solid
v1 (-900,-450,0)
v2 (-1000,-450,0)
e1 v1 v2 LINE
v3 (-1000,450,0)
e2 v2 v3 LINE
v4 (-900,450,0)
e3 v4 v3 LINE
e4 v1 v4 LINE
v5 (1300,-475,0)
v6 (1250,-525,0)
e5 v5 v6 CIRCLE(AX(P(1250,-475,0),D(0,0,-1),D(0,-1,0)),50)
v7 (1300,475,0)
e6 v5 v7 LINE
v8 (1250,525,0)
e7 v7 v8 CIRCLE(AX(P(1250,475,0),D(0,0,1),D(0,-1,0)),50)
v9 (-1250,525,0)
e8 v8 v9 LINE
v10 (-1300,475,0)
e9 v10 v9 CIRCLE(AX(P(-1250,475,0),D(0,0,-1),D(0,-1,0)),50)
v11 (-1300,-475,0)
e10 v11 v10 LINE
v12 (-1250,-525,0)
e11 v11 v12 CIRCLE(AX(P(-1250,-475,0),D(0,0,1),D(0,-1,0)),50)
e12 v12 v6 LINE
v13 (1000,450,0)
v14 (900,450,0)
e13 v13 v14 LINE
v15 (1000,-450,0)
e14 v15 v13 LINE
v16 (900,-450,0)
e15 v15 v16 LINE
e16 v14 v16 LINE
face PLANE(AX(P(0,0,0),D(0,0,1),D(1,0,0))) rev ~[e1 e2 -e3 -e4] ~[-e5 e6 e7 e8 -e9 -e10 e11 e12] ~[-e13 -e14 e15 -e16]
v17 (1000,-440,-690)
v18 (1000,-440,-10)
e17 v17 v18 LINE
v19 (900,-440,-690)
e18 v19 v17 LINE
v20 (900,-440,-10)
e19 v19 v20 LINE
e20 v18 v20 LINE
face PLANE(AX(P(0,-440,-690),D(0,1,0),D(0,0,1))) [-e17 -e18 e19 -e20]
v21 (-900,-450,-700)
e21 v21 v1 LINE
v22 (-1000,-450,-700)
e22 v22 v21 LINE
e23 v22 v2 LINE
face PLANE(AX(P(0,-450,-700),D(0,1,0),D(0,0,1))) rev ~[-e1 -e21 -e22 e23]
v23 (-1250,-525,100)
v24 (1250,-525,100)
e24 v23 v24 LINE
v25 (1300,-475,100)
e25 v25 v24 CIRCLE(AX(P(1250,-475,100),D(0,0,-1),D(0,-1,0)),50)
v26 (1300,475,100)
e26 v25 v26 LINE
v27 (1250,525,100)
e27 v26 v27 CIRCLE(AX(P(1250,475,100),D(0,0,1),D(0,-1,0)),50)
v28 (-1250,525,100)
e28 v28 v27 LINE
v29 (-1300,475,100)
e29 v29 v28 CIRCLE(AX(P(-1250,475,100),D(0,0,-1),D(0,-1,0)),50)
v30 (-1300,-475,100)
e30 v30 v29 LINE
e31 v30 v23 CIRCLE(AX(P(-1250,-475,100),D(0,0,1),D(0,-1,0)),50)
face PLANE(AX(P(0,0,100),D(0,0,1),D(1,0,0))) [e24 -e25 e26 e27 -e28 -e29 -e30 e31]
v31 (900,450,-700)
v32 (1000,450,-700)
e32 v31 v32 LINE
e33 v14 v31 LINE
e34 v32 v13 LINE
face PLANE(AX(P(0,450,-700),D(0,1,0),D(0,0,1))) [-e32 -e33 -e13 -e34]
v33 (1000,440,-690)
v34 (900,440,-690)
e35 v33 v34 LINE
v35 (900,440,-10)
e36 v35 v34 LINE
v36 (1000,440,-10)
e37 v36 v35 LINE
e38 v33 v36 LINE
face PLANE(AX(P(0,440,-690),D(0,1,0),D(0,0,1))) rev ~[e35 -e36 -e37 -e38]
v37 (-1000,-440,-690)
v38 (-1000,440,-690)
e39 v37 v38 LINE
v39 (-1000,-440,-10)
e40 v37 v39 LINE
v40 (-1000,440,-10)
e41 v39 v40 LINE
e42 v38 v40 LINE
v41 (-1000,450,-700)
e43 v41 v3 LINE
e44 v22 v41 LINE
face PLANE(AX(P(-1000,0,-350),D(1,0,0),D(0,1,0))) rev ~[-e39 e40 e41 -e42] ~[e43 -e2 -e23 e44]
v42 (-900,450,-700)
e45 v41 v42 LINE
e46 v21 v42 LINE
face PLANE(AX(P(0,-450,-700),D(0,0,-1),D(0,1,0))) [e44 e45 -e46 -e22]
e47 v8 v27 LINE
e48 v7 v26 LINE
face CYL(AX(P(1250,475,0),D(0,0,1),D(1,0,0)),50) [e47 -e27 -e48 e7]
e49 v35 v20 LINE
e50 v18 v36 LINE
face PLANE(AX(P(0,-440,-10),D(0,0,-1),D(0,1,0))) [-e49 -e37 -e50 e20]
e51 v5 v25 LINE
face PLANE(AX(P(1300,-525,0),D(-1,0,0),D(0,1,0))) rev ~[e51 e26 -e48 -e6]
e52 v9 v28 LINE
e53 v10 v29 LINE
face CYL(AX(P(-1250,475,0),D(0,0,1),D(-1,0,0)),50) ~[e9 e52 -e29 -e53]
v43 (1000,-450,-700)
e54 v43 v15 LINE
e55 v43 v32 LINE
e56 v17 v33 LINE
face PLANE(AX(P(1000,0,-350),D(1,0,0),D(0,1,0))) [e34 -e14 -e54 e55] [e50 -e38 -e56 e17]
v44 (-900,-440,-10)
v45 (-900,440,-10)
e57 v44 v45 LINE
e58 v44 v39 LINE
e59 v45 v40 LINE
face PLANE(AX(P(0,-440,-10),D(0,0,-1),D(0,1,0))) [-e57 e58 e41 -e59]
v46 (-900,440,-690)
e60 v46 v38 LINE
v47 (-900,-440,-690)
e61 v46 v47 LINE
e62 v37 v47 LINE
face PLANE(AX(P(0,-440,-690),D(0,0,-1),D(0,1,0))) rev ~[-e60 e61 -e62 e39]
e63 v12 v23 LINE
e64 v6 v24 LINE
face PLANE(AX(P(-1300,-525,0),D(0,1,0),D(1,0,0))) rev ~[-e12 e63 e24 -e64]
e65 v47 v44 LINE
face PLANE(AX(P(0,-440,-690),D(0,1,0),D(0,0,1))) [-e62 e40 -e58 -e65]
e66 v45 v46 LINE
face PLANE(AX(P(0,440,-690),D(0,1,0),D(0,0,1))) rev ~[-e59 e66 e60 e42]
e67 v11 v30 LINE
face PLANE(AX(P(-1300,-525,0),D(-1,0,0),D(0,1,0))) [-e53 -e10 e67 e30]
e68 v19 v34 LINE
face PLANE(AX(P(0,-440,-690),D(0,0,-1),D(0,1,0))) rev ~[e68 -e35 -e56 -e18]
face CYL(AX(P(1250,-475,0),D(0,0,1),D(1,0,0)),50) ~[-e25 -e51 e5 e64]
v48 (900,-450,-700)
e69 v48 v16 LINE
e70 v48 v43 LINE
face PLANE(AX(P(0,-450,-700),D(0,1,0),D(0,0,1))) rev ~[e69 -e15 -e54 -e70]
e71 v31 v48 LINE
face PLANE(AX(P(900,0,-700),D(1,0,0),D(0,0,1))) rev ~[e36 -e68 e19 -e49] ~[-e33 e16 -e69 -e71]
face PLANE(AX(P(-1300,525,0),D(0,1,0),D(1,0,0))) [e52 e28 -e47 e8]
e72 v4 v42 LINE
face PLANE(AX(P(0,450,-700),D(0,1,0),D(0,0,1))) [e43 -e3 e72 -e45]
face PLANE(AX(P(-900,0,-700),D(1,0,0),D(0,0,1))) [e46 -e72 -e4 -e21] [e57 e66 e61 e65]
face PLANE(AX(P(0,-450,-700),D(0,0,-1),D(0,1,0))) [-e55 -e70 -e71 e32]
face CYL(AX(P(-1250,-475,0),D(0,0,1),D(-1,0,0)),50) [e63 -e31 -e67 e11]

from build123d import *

# Parameters (mm, degrees)
F0_W          = 2600
F0_H          = 1050
F1_DEPTH      = 100
F2_W          = 900
F2_H          = 700
F2_W_2        = 880
F2_H_2        = 680
F3_DEPTH      = 1000
F4_W          = 1800
F4_H          = 700
F5_DEPTH      = 525.001
F5_DEPTH_BACK = 525.001
F6_R          = 50


with BuildPart() as f1:
    # F0 (on Top) → F1 (new body)
    with BuildSketch(Plane.XY):
        Rectangle(F0_W, F0_H)
    extrude(amount=F1_DEPTH)

    # F2 (on Right) → F3 (join, symmetric)
    with BuildSketch(Plane.YZ):
        with Locations((0, -350)):
            Rectangle(F2_W, F2_H)
        with Locations((0, -350)):
            Rectangle(F2_W_2, F2_H_2, mode=Mode.SUBTRACT)
    extrude(amount=F3_DEPTH, both=True)

    # F4 (on Front) → F5 (cut, two sides)
    with BuildSketch(Plane.XZ) as f5_sk:
        with Locations((0, -350)):
            Rectangle(F4_W, F4_H)
    extrude(amount=-F5_DEPTH, mode=Mode.SUBTRACT)
    extrude(f5_sk.sketch, amount=F5_DEPTH_BACK, mode=Mode.SUBTRACT)

    # F6
    f6_edges = [f1.edges().sort_by_distance(p)[0] for p in [
        (1300, -525, 50),
        (1300, 525, 50),
        (-1300, 525, 50),
        (-1300, -525, 50),
    ]]
    fillet(f6_edges, radius=F6_R)


solid = f1.part
